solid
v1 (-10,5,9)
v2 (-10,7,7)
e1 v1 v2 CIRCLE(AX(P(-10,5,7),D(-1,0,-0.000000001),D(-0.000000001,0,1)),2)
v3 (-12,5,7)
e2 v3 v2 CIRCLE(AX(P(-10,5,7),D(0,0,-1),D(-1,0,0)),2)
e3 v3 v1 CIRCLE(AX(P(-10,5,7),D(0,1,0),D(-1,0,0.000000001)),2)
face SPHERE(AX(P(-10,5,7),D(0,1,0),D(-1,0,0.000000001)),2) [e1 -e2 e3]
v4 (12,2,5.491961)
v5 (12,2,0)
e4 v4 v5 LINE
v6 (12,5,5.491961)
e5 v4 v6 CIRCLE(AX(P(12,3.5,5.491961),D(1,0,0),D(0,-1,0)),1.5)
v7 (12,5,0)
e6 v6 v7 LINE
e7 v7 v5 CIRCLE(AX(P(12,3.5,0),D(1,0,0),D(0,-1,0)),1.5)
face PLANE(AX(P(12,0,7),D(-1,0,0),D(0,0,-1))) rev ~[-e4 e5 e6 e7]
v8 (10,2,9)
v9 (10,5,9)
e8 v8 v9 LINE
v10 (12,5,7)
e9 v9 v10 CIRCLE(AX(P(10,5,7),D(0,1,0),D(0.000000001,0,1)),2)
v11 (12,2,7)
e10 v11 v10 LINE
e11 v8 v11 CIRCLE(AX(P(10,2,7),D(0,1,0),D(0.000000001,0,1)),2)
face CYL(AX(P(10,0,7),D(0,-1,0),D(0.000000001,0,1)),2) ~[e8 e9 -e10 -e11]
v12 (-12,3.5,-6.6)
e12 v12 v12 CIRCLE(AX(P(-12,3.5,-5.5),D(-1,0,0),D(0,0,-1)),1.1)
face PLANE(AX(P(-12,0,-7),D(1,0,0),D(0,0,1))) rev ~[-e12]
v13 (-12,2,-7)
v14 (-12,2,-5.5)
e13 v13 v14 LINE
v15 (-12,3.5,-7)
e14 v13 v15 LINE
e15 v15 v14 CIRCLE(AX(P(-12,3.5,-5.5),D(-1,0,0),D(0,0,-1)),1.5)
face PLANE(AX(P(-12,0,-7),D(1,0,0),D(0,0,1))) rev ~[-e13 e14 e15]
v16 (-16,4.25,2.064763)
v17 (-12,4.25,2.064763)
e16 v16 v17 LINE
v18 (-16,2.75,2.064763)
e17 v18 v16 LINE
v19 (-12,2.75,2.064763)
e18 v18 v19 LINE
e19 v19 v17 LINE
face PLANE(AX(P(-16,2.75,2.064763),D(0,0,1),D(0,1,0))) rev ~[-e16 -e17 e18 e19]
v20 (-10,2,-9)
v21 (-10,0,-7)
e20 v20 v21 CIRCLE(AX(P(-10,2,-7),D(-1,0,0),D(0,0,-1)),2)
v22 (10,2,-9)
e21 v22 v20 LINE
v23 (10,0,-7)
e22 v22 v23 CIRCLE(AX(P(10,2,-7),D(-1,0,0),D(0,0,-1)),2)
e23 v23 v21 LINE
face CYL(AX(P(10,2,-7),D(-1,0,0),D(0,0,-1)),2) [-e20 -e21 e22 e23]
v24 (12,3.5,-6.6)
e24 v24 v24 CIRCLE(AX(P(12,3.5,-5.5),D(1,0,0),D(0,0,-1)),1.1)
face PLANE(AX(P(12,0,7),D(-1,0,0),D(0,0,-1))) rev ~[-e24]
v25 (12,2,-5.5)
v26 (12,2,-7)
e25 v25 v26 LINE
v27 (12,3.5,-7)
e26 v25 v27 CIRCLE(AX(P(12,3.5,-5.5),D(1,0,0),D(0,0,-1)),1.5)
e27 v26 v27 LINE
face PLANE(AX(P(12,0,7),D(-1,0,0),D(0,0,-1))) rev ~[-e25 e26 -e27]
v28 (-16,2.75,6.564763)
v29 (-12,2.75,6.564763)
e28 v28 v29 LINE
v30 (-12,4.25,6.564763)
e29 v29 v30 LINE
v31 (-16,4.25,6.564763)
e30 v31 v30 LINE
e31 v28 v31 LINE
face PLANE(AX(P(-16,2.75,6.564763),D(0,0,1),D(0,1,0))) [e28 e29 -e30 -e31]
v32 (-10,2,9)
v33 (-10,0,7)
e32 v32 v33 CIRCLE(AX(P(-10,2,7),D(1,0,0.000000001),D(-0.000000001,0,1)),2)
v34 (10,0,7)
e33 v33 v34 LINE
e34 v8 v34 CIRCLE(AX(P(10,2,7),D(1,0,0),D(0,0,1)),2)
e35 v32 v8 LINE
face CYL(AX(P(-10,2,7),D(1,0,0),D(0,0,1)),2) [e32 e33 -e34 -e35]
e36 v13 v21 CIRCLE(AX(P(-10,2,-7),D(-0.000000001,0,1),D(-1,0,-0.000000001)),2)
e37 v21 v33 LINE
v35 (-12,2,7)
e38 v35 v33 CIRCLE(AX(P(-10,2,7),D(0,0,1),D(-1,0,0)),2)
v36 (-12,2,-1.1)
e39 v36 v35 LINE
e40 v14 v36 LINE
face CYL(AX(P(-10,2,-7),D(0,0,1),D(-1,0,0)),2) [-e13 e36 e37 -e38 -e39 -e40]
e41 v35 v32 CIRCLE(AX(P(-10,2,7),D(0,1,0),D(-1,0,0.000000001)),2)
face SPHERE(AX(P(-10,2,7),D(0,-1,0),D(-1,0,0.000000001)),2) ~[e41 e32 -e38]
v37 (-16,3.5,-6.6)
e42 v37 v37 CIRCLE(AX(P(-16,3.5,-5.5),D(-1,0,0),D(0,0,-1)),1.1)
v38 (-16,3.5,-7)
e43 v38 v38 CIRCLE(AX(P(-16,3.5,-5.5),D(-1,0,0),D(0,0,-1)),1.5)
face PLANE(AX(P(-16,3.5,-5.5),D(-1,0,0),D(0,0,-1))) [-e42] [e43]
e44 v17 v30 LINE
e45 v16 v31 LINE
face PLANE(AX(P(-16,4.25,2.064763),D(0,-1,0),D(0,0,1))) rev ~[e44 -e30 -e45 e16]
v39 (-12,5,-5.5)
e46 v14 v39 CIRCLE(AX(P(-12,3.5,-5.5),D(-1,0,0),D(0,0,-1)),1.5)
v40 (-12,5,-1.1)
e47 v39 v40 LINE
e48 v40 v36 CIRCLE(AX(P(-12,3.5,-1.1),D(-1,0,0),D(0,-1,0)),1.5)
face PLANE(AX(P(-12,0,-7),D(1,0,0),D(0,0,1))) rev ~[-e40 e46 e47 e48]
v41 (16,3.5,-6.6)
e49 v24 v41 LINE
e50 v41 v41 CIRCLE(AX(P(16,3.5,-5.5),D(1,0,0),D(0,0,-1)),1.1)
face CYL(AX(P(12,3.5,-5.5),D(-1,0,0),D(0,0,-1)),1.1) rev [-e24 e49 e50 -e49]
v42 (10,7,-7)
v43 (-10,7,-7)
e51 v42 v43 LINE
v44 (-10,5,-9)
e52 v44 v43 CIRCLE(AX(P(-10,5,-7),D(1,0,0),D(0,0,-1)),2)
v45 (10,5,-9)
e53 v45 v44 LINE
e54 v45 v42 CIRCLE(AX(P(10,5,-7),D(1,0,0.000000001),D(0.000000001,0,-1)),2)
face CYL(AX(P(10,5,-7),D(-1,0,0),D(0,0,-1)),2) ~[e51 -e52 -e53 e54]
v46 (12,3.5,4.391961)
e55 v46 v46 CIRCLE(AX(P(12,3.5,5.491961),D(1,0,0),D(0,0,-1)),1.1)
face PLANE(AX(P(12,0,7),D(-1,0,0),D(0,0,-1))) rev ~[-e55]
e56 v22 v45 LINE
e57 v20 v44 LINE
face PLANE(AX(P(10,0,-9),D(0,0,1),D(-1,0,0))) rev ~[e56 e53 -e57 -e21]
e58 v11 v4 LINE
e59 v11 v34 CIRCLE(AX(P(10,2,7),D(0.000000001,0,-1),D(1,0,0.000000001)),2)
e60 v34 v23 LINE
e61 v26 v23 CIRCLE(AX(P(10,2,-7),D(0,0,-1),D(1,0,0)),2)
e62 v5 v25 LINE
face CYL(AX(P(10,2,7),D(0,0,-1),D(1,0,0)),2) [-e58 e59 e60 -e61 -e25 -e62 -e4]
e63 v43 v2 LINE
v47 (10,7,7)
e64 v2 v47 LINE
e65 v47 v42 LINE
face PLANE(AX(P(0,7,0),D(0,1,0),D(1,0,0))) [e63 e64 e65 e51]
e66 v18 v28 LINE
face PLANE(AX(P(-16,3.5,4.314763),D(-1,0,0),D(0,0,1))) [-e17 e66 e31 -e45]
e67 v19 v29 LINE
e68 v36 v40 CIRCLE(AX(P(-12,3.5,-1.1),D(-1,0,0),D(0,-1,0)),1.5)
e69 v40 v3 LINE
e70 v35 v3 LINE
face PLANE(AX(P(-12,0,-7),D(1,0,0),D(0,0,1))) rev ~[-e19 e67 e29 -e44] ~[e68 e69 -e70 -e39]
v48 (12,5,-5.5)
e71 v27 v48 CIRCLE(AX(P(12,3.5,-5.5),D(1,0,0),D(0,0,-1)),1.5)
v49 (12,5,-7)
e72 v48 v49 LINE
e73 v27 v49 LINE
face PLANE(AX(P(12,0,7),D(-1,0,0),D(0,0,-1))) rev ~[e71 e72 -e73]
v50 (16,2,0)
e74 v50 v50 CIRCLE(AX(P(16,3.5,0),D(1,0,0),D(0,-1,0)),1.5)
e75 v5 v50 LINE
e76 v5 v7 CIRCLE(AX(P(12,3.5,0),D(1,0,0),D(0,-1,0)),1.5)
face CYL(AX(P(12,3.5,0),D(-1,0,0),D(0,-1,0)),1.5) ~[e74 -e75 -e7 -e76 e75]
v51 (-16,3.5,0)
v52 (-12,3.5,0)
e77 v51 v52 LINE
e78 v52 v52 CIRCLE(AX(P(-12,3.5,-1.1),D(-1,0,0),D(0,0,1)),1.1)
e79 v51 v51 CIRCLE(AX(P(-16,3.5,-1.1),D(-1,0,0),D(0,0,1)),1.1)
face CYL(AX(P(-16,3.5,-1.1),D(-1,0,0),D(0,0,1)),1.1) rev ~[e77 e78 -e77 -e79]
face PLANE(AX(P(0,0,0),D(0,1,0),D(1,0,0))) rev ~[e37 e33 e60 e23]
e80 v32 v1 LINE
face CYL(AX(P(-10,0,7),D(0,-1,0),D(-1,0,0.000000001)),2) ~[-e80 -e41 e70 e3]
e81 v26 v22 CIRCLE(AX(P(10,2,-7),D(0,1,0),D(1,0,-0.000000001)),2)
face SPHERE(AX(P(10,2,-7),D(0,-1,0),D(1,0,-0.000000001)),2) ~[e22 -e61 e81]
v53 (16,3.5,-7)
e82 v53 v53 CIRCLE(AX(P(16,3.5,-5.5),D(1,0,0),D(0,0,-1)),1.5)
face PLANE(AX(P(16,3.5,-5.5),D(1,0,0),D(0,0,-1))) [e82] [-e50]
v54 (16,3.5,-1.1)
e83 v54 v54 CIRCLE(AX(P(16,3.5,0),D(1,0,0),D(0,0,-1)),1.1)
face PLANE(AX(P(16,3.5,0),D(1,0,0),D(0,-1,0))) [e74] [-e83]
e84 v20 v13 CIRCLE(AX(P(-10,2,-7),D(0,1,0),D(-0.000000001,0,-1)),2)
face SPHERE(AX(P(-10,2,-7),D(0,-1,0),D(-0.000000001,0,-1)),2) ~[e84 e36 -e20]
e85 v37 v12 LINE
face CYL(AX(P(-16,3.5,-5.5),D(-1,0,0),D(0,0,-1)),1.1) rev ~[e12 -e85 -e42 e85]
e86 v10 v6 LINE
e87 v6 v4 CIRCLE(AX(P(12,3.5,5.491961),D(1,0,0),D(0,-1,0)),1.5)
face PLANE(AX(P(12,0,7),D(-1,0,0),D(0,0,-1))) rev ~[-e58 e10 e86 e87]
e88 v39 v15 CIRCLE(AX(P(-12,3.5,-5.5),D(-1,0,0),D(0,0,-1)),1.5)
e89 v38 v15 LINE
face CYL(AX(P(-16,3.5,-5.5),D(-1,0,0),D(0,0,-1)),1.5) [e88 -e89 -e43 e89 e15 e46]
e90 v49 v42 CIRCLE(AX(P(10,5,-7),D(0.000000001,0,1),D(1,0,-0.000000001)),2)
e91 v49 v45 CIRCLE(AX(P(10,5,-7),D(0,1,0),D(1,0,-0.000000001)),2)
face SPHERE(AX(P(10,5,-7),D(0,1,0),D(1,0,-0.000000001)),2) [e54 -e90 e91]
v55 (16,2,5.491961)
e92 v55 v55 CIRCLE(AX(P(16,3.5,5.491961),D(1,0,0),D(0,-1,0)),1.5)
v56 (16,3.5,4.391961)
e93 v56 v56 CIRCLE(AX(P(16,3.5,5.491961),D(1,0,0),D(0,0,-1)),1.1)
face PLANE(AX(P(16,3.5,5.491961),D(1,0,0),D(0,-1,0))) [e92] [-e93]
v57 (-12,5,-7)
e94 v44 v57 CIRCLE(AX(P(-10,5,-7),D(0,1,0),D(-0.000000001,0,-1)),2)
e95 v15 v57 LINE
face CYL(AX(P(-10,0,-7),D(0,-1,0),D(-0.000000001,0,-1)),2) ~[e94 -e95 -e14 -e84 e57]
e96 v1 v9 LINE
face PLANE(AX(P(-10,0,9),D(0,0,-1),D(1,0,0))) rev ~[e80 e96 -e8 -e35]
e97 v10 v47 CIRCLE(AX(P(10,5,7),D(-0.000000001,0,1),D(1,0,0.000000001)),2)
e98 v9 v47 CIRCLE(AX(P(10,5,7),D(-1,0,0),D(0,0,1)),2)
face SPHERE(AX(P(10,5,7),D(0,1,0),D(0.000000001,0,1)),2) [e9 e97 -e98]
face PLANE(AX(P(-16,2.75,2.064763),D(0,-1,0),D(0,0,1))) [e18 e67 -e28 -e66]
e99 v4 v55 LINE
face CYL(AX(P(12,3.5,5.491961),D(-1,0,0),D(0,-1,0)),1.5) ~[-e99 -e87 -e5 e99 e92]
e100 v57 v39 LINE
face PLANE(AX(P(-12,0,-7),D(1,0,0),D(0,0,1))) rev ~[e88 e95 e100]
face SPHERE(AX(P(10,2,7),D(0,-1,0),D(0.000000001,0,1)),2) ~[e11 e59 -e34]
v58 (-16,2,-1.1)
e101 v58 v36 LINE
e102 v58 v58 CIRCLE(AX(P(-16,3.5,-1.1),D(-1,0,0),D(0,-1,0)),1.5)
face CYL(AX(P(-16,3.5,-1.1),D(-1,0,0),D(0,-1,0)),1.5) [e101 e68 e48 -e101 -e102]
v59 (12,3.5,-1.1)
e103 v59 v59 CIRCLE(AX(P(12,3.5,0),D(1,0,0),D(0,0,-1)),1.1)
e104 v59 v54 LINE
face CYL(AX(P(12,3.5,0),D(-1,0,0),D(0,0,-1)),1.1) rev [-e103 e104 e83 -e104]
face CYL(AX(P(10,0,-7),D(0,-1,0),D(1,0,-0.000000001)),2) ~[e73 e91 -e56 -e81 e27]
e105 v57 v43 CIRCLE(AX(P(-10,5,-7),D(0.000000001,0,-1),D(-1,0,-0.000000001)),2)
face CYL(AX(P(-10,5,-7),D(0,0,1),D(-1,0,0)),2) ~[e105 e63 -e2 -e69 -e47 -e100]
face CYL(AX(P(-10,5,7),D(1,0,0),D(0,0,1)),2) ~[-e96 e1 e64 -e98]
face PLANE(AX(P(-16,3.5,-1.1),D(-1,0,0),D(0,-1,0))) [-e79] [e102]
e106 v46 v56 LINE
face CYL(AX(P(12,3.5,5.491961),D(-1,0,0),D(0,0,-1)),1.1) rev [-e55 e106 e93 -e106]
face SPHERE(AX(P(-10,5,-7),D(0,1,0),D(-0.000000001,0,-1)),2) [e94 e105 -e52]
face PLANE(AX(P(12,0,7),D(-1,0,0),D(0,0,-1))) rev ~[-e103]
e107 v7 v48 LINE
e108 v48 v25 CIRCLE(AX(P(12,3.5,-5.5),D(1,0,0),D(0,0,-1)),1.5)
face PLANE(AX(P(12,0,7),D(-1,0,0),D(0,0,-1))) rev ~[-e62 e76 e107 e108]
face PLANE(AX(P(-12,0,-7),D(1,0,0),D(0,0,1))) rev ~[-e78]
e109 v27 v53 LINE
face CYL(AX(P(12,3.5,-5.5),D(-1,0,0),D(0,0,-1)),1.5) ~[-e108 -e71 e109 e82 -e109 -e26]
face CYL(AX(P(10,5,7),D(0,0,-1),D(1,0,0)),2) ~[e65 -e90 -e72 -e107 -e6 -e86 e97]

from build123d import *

# Parameters (mm, degrees)
BOSS_EXTRUDE1_DEPTH = 7
FILLET1_R           = 2
SKETCH2_R           = 1.5
SKETCH2_R_2         = 1.1
BOSS_EXTRUDE2_DEPTH = 4
BOSS_EXTRUDE3_START = 4
SKETCH3_R           = 1.5
SKETCH3_R_2         = 1.1
SKETCH3_W           = 4.5
SKETCH3_H           = 1.5
BOSS_EXTRUDE3_DEPTH = 4


with BuildPart() as part:
    # Sketch1 → Boss-Extrude1 (new body)
    with BuildSketch(Plane(origin=(0, 0, 0), x_dir=(1, 0, 0), z_dir=(0, 1, 0))):
        with BuildLine():
            Line((-10, -9), (10, -9))
            ThreePointArc((10, -9), (11.414213562, -8.414213562), (12, -7))
            Line((12, -7), (12, 7))
            ThreePointArc((12, 7), (11.414213562, 8.414213562), (10, 9))
            Line((10, 9), (-10, 9))
            ThreePointArc((-10, 9), (-11.414213562, 8.414213562), (-12, 7))
            Line((-12, 7), (-12, -7))
            ThreePointArc((-12, -7), (-11.414213562, -8.414213562), (-10, -9))
        make_face()
    extrude(amount=BOSS_EXTRUDE1_DEPTH)

    # Fillet1
    fillet1_edges = [part.edges().sort_by_distance(p)[0] for p in [
        (0, 0, -9),
        (11.414213562, 0, -8.414213562),
        (12, 0, 0),
        (11.414213562, 0, 8.414213562),
        (11.414213562, 7, -8.414213562),
        (0, 7, -9),
        (-11.414213562, 7, -8.414213562),
        (-12, 7, 0),
        (-11.414213562, 7, 8.414213562),
        (0, 7, 9),
        (11.414213562, 7, 8.414213562),
        (0, 0, 9),
        (12, 7, 0),
        (-11.414213562, 0, 8.414213562),
        (-12, 0, 0),
        (-11.414213562, 0, -8.414213562),
    ]]
    fillet(fillet1_edges, radius=FILLET1_R)

    # Sketch2 → Boss-Extrude2 (add)
    # profile 1 of 3: a face of its own
    with BuildSketch(Plane(origin=(12, 0, 0), x_dir=(0, 0, -1), z_dir=(1, 0, 0))):
        with Locations(Location((0, 3.5, 0), (0, 0, 270))):
            Circle(SKETCH2_R)
        with Locations((0, 3.5)):
            Circle(SKETCH2_R_2, mode=Mode.SUBTRACT)
    # profile 2 of 3: a face of its own
    with BuildSketch(Plane(origin=(12, 0, 0), x_dir=(0, 0, -1), z_dir=(1, 0, 0))):
        with Locations((5.5, 3.5)):
            Circle(SKETCH2_R)
        with Locations((5.5, 3.5)):
            Circle(SKETCH2_R_2, mode=Mode.SUBTRACT)
    # profile 3 of 3: a face of its own
    with BuildSketch(Plane(origin=(12, 0, 0), x_dir=(0, 0, -1), z_dir=(1, 0, 0))):
        with Locations(Location((-5.491961295, 3.5, 0), (0, 0, 270))):
            Circle(SKETCH2_R)
        with Locations((-5.491961295, 3.5)):
            Circle(SKETCH2_R_2, mode=Mode.SUBTRACT)
    extrude(amount=BOSS_EXTRUDE2_DEPTH)

    # Sketch3 → Boss-Extrude3 (add)
    # profile 1 of 3: a face of its own
    with BuildSketch(Plane.ZY.offset(12).offset(BOSS_EXTRUDE3_START)):
        with Locations(Location((-5.5, 3.5, 0), (0, 0, 180))):
            Circle(SKETCH3_R)
        with Locations(Location((-5.5, 3.5, 0), (0, 0, 180))):
            Circle(SKETCH3_R_2, mode=Mode.SUBTRACT)
    # profile 2 of 3: a face of its own
    with BuildSketch(Plane.ZY.offset(12).offset(BOSS_EXTRUDE3_START)):
        with Locations(Location((-1.1, 3.5, 0), (0, 0, 270))):
            Circle(SKETCH3_R)
        with Locations((-1.1, 3.5)):
            Circle(SKETCH3_R_2, mode=Mode.SUBTRACT)
    # profile 3 of 3: a face of its own
    with BuildSketch(Plane.ZY.offset(12).offset(BOSS_EXTRUDE3_START)):
        with Locations((4.314762853, 3.5)):
            Rectangle(SKETCH3_W, SKETCH3_H)
    extrude(amount=-BOSS_EXTRUDE3_DEPTH)


solid = part.part
